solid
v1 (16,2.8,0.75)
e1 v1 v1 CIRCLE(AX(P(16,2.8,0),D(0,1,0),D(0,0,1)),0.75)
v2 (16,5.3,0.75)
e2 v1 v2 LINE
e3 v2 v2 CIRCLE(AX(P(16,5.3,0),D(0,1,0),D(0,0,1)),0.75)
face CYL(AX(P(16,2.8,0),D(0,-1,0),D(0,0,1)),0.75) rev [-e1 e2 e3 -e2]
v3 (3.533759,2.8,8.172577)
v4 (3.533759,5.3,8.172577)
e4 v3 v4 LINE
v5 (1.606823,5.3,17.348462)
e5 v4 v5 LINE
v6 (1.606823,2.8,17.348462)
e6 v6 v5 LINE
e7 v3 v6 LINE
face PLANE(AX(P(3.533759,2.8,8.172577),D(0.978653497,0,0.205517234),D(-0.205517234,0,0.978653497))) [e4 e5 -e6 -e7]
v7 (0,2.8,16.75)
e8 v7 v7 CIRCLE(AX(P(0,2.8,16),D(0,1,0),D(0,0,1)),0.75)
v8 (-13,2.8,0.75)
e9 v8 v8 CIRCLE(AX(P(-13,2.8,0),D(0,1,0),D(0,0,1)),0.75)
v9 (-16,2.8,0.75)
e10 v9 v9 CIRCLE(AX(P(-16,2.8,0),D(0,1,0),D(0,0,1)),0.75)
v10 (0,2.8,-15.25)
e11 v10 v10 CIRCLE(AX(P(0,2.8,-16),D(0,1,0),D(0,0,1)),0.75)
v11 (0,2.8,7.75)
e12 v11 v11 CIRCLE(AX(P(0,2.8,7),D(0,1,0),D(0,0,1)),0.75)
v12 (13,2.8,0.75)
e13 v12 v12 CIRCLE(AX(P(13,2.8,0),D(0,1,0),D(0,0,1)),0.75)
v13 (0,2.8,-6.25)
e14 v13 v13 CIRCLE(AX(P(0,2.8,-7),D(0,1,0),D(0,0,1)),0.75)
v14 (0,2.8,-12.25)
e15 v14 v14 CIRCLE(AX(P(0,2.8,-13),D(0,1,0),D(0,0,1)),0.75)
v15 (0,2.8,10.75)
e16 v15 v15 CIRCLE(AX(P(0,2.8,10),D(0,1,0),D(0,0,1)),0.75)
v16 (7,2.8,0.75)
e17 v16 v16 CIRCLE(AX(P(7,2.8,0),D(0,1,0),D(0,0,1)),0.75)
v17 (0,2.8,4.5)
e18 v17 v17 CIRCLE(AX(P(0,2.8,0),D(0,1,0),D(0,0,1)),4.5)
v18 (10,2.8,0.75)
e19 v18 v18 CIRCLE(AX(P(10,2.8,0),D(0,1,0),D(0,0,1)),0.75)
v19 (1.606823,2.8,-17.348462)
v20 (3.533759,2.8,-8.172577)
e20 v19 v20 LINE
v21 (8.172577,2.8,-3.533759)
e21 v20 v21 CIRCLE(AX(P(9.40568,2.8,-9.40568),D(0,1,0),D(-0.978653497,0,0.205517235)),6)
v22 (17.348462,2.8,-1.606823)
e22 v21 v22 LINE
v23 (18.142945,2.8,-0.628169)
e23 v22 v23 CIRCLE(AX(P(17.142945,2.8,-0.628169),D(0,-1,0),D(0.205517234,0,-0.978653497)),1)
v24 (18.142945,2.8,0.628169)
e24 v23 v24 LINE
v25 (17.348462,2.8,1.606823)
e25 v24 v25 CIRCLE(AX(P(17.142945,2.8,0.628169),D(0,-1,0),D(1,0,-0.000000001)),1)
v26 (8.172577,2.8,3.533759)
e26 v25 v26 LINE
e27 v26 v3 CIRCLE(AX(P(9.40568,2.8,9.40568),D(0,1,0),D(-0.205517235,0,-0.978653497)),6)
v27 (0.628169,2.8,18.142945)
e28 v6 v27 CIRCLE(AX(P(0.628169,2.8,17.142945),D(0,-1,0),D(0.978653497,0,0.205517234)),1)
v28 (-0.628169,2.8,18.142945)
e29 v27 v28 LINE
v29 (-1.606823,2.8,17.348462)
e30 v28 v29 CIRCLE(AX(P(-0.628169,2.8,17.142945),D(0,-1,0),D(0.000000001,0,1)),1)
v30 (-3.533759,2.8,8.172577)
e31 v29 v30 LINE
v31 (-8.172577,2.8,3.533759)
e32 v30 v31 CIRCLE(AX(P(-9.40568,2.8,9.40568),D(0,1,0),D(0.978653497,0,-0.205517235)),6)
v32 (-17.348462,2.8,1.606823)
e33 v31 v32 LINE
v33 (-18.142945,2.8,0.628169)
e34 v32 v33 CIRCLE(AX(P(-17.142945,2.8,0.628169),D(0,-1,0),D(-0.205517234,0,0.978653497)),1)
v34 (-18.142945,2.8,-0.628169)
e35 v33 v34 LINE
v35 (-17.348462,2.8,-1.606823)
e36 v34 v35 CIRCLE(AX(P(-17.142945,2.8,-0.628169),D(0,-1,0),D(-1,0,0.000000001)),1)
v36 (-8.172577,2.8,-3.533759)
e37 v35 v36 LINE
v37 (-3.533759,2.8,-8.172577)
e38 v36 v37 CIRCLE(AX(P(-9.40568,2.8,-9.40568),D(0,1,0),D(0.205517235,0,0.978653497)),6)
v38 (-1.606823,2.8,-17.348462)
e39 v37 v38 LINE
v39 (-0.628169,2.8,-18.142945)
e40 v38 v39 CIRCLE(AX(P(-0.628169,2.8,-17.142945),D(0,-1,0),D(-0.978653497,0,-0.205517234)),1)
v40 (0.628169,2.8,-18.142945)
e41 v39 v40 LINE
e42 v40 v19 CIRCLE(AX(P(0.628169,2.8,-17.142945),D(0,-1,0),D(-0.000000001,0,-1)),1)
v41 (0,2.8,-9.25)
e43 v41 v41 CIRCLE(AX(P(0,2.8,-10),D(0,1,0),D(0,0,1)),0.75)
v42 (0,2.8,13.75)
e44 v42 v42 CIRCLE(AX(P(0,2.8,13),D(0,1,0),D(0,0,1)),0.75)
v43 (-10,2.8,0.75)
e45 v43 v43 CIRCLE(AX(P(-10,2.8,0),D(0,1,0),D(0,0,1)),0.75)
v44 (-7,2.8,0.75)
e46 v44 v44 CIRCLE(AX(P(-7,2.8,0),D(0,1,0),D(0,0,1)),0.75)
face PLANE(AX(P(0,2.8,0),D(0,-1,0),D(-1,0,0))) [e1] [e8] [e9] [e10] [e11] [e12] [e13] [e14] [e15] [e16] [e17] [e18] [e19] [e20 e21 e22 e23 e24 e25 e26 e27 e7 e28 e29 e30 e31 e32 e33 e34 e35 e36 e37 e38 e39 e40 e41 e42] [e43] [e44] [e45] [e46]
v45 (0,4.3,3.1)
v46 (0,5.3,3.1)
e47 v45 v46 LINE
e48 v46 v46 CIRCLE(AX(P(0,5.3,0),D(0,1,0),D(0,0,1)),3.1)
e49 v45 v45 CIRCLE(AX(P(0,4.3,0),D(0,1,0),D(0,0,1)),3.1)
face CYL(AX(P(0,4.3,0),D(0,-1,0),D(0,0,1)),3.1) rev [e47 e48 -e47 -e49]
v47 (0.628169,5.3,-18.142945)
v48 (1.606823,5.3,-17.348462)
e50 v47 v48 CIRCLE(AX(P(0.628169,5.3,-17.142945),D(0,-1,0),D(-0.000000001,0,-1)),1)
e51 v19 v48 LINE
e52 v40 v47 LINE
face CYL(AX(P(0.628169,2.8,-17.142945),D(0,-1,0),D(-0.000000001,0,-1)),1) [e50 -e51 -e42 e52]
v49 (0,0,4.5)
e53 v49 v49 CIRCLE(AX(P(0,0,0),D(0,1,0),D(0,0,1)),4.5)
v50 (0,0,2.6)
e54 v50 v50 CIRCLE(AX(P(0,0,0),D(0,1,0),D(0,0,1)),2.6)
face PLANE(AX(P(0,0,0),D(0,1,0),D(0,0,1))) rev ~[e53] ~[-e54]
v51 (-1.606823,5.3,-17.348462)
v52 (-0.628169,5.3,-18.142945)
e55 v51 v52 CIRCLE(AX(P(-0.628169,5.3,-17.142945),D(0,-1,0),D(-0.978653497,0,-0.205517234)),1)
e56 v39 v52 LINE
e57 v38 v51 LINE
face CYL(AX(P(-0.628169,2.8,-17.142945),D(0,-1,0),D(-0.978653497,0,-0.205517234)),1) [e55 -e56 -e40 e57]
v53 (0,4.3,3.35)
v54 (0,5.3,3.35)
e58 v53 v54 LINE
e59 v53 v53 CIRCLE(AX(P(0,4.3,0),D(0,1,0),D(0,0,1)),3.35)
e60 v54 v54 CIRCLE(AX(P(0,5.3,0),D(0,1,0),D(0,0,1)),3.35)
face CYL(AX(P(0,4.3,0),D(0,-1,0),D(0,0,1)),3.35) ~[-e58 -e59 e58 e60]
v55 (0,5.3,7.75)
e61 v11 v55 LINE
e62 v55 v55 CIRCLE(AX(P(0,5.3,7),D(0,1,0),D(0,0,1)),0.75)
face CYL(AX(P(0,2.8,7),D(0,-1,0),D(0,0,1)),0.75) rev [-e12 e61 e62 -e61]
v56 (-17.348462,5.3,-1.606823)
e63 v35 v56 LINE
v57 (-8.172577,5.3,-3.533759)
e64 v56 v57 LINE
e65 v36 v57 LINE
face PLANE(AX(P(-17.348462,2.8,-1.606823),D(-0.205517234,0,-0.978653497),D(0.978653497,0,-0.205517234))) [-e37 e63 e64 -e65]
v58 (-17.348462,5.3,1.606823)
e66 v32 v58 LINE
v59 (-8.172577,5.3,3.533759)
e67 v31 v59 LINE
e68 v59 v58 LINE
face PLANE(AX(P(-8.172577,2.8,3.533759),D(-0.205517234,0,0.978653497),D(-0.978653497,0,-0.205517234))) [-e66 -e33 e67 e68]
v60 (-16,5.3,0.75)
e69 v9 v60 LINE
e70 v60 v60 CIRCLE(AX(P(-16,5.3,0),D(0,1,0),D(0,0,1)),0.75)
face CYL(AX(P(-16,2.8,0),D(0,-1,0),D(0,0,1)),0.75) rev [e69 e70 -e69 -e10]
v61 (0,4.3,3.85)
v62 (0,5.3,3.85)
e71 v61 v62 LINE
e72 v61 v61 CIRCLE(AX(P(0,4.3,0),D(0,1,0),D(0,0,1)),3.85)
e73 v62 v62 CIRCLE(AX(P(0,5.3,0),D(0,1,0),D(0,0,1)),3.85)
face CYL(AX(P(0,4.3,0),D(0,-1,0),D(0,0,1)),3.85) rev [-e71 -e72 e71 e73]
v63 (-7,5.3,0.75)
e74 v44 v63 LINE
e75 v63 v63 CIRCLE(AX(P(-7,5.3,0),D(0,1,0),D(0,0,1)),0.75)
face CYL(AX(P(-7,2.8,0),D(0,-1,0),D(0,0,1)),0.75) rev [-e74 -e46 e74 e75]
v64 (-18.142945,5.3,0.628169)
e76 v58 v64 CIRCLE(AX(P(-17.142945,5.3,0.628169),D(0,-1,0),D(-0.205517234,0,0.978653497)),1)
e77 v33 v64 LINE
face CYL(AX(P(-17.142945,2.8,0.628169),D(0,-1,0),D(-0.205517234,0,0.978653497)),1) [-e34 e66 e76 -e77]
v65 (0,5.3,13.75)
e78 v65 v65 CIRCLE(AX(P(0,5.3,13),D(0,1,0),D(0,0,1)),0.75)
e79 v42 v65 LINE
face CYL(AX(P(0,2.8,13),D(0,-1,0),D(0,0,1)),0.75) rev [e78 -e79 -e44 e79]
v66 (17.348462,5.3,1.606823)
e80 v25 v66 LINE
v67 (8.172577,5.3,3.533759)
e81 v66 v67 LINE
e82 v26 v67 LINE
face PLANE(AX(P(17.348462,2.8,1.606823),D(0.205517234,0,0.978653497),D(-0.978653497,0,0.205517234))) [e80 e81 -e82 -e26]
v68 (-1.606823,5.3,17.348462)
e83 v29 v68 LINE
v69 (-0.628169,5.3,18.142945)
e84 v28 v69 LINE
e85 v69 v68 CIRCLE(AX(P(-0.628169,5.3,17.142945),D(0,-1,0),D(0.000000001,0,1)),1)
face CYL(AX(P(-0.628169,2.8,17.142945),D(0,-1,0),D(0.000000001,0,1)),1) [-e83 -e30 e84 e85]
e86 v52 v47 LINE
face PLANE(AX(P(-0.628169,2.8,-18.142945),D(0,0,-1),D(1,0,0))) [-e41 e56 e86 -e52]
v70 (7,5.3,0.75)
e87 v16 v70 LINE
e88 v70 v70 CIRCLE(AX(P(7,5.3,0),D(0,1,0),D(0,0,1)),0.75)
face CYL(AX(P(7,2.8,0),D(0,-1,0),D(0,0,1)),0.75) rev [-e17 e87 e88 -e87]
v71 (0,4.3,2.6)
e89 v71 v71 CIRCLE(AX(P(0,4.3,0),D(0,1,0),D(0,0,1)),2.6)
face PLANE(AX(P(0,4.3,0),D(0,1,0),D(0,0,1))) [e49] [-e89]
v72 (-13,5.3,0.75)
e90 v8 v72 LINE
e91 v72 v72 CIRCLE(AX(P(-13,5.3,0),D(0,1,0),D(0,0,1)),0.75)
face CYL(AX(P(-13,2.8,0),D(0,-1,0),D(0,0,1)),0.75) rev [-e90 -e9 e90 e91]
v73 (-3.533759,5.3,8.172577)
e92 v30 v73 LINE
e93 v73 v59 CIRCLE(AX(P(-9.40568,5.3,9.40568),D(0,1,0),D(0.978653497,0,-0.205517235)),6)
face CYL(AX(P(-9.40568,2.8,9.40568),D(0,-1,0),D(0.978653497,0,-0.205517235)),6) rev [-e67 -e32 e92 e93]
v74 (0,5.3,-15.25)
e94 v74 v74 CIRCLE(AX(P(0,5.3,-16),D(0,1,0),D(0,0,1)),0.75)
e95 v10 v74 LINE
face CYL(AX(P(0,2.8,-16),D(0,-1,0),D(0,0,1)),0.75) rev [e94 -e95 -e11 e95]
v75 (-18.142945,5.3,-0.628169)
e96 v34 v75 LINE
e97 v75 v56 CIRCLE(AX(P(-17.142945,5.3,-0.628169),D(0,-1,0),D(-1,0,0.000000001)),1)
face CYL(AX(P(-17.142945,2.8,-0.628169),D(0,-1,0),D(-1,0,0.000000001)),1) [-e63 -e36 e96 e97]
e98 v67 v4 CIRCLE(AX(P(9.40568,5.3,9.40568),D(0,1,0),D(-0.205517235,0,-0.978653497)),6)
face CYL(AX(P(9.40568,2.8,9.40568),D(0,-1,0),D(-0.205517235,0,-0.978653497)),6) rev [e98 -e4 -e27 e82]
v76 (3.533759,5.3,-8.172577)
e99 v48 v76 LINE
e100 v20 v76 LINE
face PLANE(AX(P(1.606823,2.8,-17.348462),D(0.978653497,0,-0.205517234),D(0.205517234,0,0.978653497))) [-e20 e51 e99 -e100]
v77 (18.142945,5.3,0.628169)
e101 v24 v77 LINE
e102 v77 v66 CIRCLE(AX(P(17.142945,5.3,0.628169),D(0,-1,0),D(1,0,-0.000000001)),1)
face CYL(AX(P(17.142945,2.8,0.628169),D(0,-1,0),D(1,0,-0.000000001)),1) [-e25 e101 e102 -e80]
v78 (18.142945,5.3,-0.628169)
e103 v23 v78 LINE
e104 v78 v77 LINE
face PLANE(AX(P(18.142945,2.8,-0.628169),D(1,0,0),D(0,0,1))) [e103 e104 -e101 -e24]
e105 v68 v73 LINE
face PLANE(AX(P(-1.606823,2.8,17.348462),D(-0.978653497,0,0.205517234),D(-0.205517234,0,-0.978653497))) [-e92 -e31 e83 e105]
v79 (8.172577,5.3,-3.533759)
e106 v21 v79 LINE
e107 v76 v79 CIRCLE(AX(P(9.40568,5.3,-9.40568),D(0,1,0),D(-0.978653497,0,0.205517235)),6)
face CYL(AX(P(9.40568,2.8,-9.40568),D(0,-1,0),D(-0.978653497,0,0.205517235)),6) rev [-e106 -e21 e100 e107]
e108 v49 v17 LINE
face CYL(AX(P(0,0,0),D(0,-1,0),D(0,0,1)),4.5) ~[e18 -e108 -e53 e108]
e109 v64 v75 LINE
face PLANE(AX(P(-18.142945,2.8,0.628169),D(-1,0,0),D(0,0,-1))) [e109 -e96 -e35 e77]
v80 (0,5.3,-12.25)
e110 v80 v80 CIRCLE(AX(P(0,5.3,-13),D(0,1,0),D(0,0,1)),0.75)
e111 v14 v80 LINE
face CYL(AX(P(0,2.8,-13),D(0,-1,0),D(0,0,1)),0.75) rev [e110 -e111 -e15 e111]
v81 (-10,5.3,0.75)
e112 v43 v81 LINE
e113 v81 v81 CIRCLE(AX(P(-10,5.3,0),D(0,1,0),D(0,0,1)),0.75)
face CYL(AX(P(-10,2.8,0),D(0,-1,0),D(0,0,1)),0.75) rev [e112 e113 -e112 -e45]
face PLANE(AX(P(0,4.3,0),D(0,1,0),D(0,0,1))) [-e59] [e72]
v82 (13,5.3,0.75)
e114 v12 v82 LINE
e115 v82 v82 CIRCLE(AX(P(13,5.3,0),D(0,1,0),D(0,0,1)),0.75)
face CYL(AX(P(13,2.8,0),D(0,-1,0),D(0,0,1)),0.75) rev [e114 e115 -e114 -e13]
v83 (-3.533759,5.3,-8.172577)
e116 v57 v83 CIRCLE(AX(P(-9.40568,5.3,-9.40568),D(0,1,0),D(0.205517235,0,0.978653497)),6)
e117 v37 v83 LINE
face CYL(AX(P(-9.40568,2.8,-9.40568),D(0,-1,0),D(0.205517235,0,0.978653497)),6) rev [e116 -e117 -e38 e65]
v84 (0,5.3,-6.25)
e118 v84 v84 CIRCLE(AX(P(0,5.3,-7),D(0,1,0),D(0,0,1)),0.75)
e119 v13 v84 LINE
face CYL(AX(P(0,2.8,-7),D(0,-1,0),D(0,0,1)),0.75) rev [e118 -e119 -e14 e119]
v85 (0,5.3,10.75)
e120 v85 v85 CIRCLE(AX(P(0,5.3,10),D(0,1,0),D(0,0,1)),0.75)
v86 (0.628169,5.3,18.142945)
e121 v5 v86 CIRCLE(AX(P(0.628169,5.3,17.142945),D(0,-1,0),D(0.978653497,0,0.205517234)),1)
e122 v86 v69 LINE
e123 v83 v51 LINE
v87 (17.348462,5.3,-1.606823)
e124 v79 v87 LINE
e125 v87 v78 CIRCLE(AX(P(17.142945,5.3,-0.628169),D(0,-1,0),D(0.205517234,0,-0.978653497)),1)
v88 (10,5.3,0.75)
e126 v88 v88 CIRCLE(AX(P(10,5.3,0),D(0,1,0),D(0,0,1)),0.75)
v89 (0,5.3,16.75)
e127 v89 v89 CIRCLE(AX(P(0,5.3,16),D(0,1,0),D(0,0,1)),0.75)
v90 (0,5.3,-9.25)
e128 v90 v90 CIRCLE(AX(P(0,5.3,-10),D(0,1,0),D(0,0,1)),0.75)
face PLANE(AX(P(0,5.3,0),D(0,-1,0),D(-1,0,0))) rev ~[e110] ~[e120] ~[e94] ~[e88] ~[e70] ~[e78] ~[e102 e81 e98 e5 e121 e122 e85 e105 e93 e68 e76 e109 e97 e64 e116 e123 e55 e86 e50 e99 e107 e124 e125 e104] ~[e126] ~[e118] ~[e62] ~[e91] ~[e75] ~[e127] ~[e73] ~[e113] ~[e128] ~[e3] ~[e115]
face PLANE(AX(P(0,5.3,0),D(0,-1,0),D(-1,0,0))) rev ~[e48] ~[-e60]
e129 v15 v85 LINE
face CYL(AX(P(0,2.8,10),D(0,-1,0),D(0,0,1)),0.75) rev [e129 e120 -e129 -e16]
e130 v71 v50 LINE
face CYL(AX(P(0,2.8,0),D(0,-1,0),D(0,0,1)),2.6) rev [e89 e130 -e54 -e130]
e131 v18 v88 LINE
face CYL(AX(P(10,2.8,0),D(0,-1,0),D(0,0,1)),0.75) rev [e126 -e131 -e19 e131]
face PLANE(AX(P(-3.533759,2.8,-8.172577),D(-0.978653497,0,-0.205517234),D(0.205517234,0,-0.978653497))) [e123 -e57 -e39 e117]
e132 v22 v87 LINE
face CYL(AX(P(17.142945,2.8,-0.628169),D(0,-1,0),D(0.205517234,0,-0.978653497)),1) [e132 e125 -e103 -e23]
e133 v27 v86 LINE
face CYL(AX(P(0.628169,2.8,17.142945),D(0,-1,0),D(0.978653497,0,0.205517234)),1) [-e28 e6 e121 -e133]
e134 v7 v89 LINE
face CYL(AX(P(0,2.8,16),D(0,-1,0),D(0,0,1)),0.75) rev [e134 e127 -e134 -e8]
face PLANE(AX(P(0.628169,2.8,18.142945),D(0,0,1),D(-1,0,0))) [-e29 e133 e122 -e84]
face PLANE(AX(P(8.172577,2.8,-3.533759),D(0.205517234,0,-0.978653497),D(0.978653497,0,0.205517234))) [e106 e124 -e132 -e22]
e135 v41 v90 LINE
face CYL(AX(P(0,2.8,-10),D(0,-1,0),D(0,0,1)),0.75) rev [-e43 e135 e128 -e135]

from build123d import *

# Parameters (mm, degrees)
SKETCH_1_R          = 4.5
SKETCH_1_R_2        = 2.6
EXTRUDE_1_DEPTH     = 2.8
SKETCH_2_R          = 0.75
SKETCH_2_R_2        = 2.6
EXTRUDE_4_DEPTH     = 2.5
CUT_EXTRUDE_START   = -1
SKETCH_4_R          = 3.85
SKETCH_4_R_2        = 3.35
SKETCH_4_R_3        = 3.1
SKETCH_4_R_4        = 2.6
CUT_EXTRUDE_1_DEPTH = 1


with BuildPart() as part:
    # 草图1 → 凸台-拉伸1 (new body)
    with BuildSketch(Plane(origin=(0, 0, 0), x_dir=(1, 0, 0), z_dir=(0, 1, 0))):
        with Locations(Location((0, 0, 0), (0, 0, 270))):
            Circle(SKETCH_1_R)
        with Locations(Location((0, 0, 0), (0, 0, 270))):
            Circle(SKETCH_1_R_2, mode=Mode.SUBTRACT)
    extrude(amount=EXTRUDE_1_DEPTH)

    # 草图2 → 凸台-拉伸4 (add)
    with BuildSketch(Plane(origin=(0, 2.8, 0), x_dir=(1, 0, 0), z_dir=(0, 1, 0))):
        with BuildLine():
            Line((-17.34846223, 1.606822932), (-8.172576507, 3.533758933))
            ThreePointArc((-8.172576507, 3.533758933), (-5.163039226, 5.163039226), (-3.533758933, 8.172576507))
            Line((-3.533758933, 8.172576507), (-1.606822932, 17.34846223))
            ThreePointArc((-1.606822932, 17.34846223), (-1.258440316, 17.919320303), (-0.628169435, 18.142944996))
            Line((-0.628169435, 18.142944996), (0.628169435, 18.142944996))
            ThreePointArc((0.628169435, 18.142944996), (1.258440316, 17.919320303), (1.606822932, 17.34846223))
            Line((1.606822932, 17.34846223), (3.533758933, 8.172576507))
            ThreePointArc((3.533758933, 8.172576507), (5.163039226, 5.163039226), (8.172576507, 3.533758933))
            Line((8.172576507, 3.533758933), (17.34846223, 1.606822932))
            ThreePointArc((17.34846223, 1.606822932), (17.919320303, 1.258440316), (18.142944996, 0.628169435))
            Line((18.142944996, 0.628169435), (18.142944996, -0.628169435))
            ThreePointArc((18.142944996, -0.628169435), (17.919320303, -1.258440316), (17.34846223, -1.606822932))
            Line((17.34846223, -1.606822932), (8.172576507, -3.533758933))
            ThreePointArc((8.172576507, -3.533758933), (5.163039226, -5.163039226), (3.533758933, -8.172576507))
            Line((3.533758933, -8.172576507), (1.606822932, -17.34846223))
            ThreePointArc((1.606822932, -17.34846223), (1.258440316, -17.919320303), (0.628169435, -18.142944996))
            Line((0.628169435, -18.142944996), (-0.628169435, -18.142944996))
            ThreePointArc((-0.628169435, -18.142944996), (-1.258440316, -17.919320303), (-1.606822932, -17.34846223))
            Line((-1.606822932, -17.34846223), (-3.533758933, -8.172576507))
            ThreePointArc((-3.533758933, -8.172576507), (-5.163039226, -5.163039226), (-8.172576507, -3.533758933))
            Line((-8.172576507, -3.533758933), (-17.34846223, -1.606822932))
            ThreePointArc((-17.34846223, -1.606822932), (-17.919320303, -1.258440316), (-18.142944996, -0.628169435))
            Line((-18.142944996, -0.628169435), (-18.142944996, 0.628169435))
            ThreePointArc((-18.142944996, 0.628169435), (-17.919320303, 1.258440316), (-17.34846223, 1.606822932))
        make_face()
        with Locations(Location((-7, 0, 0), (0, 0, 270))):
            Circle(SKETCH_2_R, mode=Mode.SUBTRACT)
        with Locations(Location((-10, 0, 0), (0, 0, 270))):
            Circle(SKETCH_2_R, mode=Mode.SUBTRACT)
        with Locations(Location((-13, 0, 0), (0, 0, 270))):
            Circle(SKETCH_2_R, mode=Mode.SUBTRACT)
        with Locations(Location((-16, 0, 0), (0, 0, 270))):
            Circle(SKETCH_2_R, mode=Mode.SUBTRACT)
        with Locations(Location((0, 7, 0), (0, 0, 270))):
            Circle(SKETCH_2_R, mode=Mode.SUBTRACT)
        with Locations(Location((0, 10, 0), (0, 0, 270))):
            Circle(SKETCH_2_R, mode=Mode.SUBTRACT)
        with Locations(Location((0, 13, 0), (0, 0, 270))):
            Circle(SKETCH_2_R, mode=Mode.SUBTRACT)
        with Locations(Location((0, 16, 0), (0, 0, 270))):
            Circle(SKETCH_2_R, mode=Mode.SUBTRACT)
        with Locations(Location((7, 0, 0), (0, 0, 270))):
            Circle(SKETCH_2_R, mode=Mode.SUBTRACT)
        with Locations(Location((10, 0, 0), (0, 0, 270))):
            Circle(SKETCH_2_R, mode=Mode.SUBTRACT)
        with Locations(Location((13, 0, 0), (0, 0, 270))):
            Circle(SKETCH_2_R, mode=Mode.SUBTRACT)
        with Locations(Location((16, 0, 0), (0, 0, 270))):
            Circle(SKETCH_2_R, mode=Mode.SUBTRACT)
        with Locations(Location((0, -7, 0), (0, 0, 270))):
            Circle(SKETCH_2_R, mode=Mode.SUBTRACT)
        with Locations(Location((0, -10, 0), (0, 0, 270))):
            Circle(SKETCH_2_R, mode=Mode.SUBTRACT)
        with Locations(Location((0, -13, 0), (0, 0, 270))):
            Circle(SKETCH_2_R, mode=Mode.SUBTRACT)
        with Locations(Location((0, -16, 0), (0, 0, 270))):
            Circle(SKETCH_2_R, mode=Mode.SUBTRACT)
        with Locations(Location((0, 0, 0), (0, 0, 270))):
            Circle(SKETCH_2_R_2, mode=Mode.SUBTRACT)
    extrude(amount=EXTRUDE_4_DEPTH)

    # 草图4 → 切除-拉伸1 (cut)
    # profile 1 of 2: a face of its own
    with BuildSketch(Plane(origin=(0, 5.3, 0), x_dir=(1, 0, 0), z_dir=(0, 1, 0)).offset(CUT_EXTRUDE_START)):
        with Locations(Location((0, 0, 0), (0, 0, 270))):
            Circle(SKETCH_4_R)
        with Locations(Location((0, 0, 0), (0, 0, 270))):
            Circle(SKETCH_4_R_2, mode=Mode.SUBTRACT)
    # profile 2 of 2: a face of its own
    with BuildSketch(Plane(origin=(0, 5.3, 0), x_dir=(1, 0, 0), z_dir=(0, 1, 0)).offset(CUT_EXTRUDE_START)):
        with Locations(Location((0, 0, 0), (0, 0, 270))):
            Circle(SKETCH_4_R_3)
        with Locations(Location((0, 0, 0), (0, 0, 270))):
            Circle(SKETCH_4_R_4, mode=Mode.SUBTRACT)
    extrude(amount=CUT_EXTRUDE_1_DEPTH, mode=Mode.SUBTRACT)


solid = part.part
